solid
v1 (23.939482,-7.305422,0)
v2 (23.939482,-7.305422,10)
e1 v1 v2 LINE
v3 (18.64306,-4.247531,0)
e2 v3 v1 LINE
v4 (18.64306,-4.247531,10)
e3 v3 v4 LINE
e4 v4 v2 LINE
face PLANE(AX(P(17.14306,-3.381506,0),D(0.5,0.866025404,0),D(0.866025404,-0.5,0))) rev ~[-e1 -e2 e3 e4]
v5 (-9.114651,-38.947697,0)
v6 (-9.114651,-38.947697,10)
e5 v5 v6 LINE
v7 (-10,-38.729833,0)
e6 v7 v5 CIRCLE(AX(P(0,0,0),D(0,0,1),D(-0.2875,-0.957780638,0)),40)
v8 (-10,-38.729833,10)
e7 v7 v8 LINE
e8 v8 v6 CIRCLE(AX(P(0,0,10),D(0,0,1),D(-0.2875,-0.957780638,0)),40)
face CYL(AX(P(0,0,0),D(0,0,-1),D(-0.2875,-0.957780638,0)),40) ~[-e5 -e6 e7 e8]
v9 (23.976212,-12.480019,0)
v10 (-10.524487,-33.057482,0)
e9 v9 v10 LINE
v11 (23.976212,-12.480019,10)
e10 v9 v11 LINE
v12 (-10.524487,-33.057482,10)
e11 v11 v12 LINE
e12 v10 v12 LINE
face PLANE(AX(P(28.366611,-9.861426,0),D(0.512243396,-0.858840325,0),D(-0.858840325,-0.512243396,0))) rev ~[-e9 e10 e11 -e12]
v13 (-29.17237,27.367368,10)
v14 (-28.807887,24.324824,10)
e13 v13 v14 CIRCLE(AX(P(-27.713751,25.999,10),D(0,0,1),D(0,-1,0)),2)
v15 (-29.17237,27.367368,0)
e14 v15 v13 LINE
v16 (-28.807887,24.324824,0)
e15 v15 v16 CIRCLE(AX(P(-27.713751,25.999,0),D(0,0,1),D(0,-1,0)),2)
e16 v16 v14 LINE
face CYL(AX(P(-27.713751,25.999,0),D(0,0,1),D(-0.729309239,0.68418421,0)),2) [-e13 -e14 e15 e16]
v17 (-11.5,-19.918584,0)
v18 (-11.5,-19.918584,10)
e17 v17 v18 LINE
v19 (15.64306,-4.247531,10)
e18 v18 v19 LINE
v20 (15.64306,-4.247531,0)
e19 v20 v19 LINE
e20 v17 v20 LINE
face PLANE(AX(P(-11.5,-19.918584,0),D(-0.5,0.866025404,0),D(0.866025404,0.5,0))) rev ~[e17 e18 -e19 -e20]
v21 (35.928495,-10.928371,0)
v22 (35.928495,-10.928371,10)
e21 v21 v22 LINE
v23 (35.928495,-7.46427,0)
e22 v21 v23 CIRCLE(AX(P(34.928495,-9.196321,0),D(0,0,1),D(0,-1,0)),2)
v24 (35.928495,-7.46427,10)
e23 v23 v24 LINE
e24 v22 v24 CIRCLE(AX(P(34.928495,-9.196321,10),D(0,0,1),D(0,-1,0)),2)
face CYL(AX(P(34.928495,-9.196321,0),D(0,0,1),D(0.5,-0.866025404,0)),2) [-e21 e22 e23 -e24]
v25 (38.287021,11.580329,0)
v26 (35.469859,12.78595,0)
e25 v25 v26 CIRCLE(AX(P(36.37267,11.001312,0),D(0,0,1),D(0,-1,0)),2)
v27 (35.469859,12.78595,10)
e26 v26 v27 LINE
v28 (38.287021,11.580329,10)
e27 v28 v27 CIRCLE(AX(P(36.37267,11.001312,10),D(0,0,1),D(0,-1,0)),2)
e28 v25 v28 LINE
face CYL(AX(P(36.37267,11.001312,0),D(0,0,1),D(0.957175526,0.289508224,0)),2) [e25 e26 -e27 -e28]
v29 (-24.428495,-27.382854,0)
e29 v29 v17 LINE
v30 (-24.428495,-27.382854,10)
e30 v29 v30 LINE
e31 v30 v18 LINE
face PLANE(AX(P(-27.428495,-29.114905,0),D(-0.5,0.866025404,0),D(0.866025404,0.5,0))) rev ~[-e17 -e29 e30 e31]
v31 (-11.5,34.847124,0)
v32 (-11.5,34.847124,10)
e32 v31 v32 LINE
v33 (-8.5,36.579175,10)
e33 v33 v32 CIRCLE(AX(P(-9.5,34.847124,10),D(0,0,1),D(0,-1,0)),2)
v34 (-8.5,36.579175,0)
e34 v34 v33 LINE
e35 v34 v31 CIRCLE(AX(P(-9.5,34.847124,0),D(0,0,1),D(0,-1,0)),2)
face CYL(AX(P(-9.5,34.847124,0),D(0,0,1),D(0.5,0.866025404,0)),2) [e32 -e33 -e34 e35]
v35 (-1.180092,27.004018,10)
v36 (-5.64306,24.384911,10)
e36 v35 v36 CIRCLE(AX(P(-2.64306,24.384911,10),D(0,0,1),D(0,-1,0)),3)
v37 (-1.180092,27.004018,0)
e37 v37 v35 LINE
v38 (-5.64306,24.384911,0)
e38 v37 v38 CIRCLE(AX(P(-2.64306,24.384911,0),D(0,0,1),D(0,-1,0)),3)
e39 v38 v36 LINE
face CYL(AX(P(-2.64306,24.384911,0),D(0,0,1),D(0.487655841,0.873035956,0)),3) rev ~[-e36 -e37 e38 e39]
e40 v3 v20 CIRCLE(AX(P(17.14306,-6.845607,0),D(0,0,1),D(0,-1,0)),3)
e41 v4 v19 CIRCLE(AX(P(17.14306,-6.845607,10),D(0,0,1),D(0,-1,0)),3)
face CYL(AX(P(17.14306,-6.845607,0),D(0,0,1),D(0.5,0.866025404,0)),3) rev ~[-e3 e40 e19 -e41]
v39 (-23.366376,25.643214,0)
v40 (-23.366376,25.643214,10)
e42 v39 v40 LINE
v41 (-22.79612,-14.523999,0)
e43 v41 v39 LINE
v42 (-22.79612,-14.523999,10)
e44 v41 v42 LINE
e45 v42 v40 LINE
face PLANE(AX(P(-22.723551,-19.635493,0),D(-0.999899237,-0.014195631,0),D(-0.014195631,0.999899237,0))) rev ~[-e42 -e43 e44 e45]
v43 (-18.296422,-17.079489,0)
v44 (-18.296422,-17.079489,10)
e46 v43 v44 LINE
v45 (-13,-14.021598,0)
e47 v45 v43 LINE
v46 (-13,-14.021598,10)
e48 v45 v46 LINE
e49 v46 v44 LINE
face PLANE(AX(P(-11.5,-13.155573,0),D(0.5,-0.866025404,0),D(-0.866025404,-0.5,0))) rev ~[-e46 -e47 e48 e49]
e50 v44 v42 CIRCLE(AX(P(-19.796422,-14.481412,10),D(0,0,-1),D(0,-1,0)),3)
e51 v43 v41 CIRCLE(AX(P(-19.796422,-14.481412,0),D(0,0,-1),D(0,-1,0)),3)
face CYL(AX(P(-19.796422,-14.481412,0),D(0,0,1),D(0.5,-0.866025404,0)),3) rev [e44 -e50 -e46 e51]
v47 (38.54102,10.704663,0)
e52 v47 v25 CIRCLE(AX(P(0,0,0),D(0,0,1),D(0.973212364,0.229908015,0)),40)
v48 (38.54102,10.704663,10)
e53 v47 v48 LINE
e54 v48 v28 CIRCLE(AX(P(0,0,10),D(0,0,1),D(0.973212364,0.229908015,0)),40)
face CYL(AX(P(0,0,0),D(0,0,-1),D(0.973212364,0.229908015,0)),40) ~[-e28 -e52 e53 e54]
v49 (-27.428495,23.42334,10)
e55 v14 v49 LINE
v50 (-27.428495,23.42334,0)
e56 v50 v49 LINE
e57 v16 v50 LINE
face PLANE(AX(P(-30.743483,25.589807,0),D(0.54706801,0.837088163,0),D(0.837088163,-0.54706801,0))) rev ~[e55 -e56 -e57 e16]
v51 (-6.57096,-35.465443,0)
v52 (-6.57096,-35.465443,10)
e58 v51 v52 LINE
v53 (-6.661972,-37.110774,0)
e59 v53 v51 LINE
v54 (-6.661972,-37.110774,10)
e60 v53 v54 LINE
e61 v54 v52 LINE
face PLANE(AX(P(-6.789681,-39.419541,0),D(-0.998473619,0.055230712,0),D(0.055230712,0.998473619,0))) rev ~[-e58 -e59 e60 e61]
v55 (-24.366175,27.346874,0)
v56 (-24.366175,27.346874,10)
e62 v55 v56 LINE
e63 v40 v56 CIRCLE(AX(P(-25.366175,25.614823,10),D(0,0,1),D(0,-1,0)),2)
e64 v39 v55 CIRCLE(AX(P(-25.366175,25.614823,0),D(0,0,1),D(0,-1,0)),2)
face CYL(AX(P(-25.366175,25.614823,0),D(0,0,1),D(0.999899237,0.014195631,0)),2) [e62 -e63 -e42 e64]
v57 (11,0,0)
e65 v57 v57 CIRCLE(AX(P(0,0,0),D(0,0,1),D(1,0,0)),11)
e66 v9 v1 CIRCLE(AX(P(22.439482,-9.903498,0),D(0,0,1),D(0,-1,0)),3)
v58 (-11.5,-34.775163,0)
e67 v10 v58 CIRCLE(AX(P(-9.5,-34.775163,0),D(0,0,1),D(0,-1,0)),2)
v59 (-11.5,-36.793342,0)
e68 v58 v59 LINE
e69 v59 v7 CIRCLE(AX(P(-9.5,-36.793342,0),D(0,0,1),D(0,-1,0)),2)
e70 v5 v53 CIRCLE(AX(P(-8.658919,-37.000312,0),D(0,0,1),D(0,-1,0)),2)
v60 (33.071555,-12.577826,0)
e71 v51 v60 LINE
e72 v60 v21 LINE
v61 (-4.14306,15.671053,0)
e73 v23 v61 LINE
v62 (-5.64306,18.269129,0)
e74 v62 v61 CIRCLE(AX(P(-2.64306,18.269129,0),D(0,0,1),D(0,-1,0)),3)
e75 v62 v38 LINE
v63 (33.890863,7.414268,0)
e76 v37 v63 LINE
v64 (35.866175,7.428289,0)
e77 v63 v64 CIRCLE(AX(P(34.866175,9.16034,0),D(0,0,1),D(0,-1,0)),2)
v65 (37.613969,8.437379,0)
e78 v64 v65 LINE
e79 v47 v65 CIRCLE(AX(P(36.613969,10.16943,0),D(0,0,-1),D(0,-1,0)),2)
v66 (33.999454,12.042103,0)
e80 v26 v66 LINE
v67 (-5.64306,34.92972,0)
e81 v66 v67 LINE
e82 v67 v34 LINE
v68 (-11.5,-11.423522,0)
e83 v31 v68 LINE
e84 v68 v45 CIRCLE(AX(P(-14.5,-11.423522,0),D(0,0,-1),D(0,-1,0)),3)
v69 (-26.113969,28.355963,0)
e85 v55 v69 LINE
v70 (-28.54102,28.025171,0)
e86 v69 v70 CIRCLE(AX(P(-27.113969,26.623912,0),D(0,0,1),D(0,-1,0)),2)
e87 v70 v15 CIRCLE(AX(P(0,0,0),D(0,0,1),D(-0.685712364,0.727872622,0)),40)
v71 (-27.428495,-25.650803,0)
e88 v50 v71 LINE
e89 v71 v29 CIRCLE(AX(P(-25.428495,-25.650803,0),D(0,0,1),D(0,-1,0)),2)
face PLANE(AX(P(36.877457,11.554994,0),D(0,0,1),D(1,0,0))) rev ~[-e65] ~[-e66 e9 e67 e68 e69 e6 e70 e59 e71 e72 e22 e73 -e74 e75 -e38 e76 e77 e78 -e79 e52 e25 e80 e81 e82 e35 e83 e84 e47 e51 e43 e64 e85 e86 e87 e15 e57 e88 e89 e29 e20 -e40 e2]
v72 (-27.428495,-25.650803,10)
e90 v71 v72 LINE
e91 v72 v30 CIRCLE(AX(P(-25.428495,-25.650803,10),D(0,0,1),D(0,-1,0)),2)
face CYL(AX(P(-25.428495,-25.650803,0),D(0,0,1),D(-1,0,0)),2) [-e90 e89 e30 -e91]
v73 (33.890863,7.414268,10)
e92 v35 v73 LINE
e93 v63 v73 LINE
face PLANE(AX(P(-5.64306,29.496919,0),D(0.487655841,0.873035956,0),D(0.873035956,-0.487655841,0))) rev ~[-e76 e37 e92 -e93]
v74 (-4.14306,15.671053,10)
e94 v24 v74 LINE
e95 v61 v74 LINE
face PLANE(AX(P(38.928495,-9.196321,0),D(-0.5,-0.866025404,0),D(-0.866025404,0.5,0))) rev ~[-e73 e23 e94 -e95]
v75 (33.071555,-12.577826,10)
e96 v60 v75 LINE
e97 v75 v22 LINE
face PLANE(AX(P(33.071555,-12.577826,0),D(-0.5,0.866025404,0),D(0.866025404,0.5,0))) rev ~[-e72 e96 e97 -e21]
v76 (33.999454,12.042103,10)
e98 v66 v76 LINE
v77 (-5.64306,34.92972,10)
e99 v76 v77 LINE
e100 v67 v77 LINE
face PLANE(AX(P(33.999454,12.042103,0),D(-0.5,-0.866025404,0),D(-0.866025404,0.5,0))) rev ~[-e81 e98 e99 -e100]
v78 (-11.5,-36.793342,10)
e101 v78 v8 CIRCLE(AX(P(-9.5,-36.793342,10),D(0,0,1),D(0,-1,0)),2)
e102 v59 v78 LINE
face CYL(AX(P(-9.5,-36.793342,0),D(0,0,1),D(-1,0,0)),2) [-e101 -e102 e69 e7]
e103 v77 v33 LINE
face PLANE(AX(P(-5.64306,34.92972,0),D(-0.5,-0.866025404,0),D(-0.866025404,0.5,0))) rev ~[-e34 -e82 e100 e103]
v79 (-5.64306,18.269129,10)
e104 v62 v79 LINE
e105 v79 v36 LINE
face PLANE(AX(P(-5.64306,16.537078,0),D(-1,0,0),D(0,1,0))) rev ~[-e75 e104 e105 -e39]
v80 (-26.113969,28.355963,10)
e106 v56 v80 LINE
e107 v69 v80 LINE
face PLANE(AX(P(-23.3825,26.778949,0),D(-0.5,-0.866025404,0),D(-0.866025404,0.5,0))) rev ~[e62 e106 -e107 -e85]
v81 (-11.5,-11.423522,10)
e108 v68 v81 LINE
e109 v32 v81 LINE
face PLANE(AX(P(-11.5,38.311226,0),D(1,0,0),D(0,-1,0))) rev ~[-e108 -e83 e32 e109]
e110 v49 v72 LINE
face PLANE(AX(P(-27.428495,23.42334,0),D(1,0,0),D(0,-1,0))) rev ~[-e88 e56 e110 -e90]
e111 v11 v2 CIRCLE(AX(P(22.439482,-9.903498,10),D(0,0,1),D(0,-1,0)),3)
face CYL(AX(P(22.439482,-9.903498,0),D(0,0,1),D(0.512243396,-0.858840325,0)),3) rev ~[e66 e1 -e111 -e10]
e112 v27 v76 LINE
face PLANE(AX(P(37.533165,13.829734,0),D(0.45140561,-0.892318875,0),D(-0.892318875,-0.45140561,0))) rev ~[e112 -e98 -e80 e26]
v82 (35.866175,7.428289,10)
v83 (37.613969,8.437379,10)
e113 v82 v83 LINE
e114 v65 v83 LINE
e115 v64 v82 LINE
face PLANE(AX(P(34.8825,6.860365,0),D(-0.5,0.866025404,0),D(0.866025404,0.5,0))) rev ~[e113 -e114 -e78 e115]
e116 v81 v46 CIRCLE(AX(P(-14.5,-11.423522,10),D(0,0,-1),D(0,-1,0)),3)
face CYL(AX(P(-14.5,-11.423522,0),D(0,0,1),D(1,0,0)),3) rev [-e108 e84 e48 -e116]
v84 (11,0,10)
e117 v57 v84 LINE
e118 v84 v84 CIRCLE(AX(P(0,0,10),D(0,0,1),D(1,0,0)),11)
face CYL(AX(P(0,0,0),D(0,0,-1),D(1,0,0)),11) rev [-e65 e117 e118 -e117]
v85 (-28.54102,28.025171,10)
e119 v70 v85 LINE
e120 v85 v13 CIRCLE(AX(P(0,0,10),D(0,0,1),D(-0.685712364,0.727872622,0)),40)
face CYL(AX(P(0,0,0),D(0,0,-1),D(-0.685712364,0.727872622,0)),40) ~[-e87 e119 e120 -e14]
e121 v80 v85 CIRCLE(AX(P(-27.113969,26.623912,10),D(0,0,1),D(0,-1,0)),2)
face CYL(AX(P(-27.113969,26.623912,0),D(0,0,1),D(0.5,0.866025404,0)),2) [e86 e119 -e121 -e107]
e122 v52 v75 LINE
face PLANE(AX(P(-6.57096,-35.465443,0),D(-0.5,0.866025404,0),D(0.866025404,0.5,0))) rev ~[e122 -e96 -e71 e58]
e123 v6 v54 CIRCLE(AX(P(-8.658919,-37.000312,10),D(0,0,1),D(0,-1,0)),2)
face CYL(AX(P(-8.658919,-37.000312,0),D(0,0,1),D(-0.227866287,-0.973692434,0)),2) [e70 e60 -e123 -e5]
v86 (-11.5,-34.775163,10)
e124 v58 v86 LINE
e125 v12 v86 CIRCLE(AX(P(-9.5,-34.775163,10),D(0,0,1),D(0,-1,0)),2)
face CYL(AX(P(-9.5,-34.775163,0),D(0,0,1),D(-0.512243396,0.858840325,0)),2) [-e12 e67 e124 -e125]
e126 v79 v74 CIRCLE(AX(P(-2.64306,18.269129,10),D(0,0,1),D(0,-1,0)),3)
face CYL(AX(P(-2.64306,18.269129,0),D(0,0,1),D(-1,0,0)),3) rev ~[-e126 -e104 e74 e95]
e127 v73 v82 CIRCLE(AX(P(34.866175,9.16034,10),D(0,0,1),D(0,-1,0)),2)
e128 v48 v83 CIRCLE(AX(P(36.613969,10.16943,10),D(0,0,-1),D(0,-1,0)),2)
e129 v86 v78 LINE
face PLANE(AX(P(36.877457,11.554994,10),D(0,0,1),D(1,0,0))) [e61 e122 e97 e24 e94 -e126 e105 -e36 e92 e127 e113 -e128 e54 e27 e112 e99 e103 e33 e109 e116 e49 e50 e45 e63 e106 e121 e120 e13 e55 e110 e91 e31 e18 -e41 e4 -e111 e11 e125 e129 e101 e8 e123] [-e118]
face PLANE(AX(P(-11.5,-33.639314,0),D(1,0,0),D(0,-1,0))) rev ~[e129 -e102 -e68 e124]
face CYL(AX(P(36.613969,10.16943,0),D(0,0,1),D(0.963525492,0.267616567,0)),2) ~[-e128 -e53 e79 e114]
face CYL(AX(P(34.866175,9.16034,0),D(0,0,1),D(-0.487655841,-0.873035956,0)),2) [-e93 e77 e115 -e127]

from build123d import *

# Parameters (mm, degrees)
F0_R     = 11
F1_DEPTH = 10
F2_R     = 2
F3_R     = 3


with BuildPart() as f1:
    # F0 (on Top) → F1 (new body)
    with BuildSketch(Plane.XY):
        with BuildLine():
            Line((33.9994544901, 12.0421032112), (38.9284945409, 9.196320611))
            ThreePointArc((38.9284945409, 9.196320611), (38.3009590814, 11.5341464117), (37.5331647861, 13.8297339504))
            Line((37.5331647861, 13.8297339504), (33.9994544901, 12.0421032112))
        make_face()
        with BuildLine():
            Line((-27.4284945409, 23.4233396976), (-27.4284945409, 29.114904898))
            ThreePointArc((-27.4284945409, 29.114904898), (-29.1393433442, 27.4025303479), (-30.7434833217, 25.589807214))
            Line((-30.7434833217, 25.589807214), (-27.4284945409, 23.4233396976))
        make_face()
        with BuildLine():
            ThreePointArc((-11.5, -38.311225509), (-9.1616157371, -38.9366767596), (-6.7896814644, -39.4195411644))
            Line((-6.7896814644, -39.4195411644), (-6.5709599492, -35.4654429088))
            Line((-6.5709599492, -35.4654429088), (-11.5, -38.311225509))
        make_face()
        Polygon((-5.6430600129, 34.9297196308), (-11.5, 38.311225509), (-11.5, 32.768458128), (-5.6430600129, 29.496919338), align=None)
        Polygon((-27.4284945409, -22.3518931417), (-27.4284945409, -29.114904898), (-22.6283171817, -26.3435212075), (-22.7235514736, -19.6354929953), align=None)
        Polygon((33.0715545538, -12.5778264891), (38.9284945409, -9.196320611), (34.1283171817, -6.4249369205), (28.3666114865, -9.8614263427), align=None)
        Polygon((34.8825001806, 6.8603646779), (38.9284945409, 9.196320611), (33.9994544901, 12.0421032112), (-5.6430600129, 34.9297196308), (-5.6430600129, 29.496919338), align=None)
        Polygon((-23.3825001806, 26.778948965), (-27.4284945409, 29.114904898), (-27.4284945409, 23.4233396976), (-27.4284945409, -22.3518931417), (-22.7235514736, -19.6354929953), align=None)
        Polygon((-6.5709599492, -35.4654429088), (33.0715545538, -12.5778264891), (28.3666114865, -9.8614263427), (-11.5, -33.6393136429), (-11.5, -38.311225509), align=None)
        Polygon((17.1430600129, -3.3815058782), (23, 0), (-5.6430600129, 16.5370784089), (-11.5, 19.918584287), (-11.5, -13.1555725307), (-11.5, -19.918584287), align=None)
        Circle(F0_R, mode=Mode.SUBTRACT)
        Polygon((-5.6430600129, 16.5370784089), (-5.6430600129, 29.496919338), (-11.5, 32.768458128), (-11.5, 19.918584287), align=None)
        Polygon((-22.6283171817, -26.3435212075), (-11.5, -19.918584287), (-11.5, -13.1555725307), (-22.7235514736, -19.6354929953), align=None)
        Polygon((28.3666114865, -9.8614263427), (34.1283171817, -6.4249369205), (23, 0), (17.1430600129, -3.3815058782), align=None)
    extrude(amount=F1_DEPTH)

    # F2
    f2_edges = [f1.edges().sort_by_distance(p)[0] for p in [
        (37.533165, 13.829734, 5),
        (-11.5, 38.311226, 5),
        (38.928495, -9.196321, 5),
        (38.928495, 9.196321, 5),
        (34.8825, 6.860365, 5),
        (-6.789681, -39.419541, 5),
        (-11.5, -33.639314, 5),
        (-11.5, -38.311226, 5),
        (-27.428495, -29.114905, 5),
        (-30.743483, 25.589807, 5),
        (-27.428495, 29.114905, 5),
        (-23.3825, 26.778949, 5),
    ]]
    fillet(f2_edges, radius=F2_R)

    # F3
    f3_edges = [f1.edges().sort_by_distance(p)[0] for p in [
        (28.366611, -9.861426, 5),
        (17.14306, -3.381506, 5),
        (-5.64306, 16.537078, 5),
        (-5.64306, 29.496919, 5),
        (-11.5, -13.155573, 5),
        (-22.723551, -19.635493, 5),
    ]]
    fillet(f3_edges, radius=F3_R)


solid = f1.part
